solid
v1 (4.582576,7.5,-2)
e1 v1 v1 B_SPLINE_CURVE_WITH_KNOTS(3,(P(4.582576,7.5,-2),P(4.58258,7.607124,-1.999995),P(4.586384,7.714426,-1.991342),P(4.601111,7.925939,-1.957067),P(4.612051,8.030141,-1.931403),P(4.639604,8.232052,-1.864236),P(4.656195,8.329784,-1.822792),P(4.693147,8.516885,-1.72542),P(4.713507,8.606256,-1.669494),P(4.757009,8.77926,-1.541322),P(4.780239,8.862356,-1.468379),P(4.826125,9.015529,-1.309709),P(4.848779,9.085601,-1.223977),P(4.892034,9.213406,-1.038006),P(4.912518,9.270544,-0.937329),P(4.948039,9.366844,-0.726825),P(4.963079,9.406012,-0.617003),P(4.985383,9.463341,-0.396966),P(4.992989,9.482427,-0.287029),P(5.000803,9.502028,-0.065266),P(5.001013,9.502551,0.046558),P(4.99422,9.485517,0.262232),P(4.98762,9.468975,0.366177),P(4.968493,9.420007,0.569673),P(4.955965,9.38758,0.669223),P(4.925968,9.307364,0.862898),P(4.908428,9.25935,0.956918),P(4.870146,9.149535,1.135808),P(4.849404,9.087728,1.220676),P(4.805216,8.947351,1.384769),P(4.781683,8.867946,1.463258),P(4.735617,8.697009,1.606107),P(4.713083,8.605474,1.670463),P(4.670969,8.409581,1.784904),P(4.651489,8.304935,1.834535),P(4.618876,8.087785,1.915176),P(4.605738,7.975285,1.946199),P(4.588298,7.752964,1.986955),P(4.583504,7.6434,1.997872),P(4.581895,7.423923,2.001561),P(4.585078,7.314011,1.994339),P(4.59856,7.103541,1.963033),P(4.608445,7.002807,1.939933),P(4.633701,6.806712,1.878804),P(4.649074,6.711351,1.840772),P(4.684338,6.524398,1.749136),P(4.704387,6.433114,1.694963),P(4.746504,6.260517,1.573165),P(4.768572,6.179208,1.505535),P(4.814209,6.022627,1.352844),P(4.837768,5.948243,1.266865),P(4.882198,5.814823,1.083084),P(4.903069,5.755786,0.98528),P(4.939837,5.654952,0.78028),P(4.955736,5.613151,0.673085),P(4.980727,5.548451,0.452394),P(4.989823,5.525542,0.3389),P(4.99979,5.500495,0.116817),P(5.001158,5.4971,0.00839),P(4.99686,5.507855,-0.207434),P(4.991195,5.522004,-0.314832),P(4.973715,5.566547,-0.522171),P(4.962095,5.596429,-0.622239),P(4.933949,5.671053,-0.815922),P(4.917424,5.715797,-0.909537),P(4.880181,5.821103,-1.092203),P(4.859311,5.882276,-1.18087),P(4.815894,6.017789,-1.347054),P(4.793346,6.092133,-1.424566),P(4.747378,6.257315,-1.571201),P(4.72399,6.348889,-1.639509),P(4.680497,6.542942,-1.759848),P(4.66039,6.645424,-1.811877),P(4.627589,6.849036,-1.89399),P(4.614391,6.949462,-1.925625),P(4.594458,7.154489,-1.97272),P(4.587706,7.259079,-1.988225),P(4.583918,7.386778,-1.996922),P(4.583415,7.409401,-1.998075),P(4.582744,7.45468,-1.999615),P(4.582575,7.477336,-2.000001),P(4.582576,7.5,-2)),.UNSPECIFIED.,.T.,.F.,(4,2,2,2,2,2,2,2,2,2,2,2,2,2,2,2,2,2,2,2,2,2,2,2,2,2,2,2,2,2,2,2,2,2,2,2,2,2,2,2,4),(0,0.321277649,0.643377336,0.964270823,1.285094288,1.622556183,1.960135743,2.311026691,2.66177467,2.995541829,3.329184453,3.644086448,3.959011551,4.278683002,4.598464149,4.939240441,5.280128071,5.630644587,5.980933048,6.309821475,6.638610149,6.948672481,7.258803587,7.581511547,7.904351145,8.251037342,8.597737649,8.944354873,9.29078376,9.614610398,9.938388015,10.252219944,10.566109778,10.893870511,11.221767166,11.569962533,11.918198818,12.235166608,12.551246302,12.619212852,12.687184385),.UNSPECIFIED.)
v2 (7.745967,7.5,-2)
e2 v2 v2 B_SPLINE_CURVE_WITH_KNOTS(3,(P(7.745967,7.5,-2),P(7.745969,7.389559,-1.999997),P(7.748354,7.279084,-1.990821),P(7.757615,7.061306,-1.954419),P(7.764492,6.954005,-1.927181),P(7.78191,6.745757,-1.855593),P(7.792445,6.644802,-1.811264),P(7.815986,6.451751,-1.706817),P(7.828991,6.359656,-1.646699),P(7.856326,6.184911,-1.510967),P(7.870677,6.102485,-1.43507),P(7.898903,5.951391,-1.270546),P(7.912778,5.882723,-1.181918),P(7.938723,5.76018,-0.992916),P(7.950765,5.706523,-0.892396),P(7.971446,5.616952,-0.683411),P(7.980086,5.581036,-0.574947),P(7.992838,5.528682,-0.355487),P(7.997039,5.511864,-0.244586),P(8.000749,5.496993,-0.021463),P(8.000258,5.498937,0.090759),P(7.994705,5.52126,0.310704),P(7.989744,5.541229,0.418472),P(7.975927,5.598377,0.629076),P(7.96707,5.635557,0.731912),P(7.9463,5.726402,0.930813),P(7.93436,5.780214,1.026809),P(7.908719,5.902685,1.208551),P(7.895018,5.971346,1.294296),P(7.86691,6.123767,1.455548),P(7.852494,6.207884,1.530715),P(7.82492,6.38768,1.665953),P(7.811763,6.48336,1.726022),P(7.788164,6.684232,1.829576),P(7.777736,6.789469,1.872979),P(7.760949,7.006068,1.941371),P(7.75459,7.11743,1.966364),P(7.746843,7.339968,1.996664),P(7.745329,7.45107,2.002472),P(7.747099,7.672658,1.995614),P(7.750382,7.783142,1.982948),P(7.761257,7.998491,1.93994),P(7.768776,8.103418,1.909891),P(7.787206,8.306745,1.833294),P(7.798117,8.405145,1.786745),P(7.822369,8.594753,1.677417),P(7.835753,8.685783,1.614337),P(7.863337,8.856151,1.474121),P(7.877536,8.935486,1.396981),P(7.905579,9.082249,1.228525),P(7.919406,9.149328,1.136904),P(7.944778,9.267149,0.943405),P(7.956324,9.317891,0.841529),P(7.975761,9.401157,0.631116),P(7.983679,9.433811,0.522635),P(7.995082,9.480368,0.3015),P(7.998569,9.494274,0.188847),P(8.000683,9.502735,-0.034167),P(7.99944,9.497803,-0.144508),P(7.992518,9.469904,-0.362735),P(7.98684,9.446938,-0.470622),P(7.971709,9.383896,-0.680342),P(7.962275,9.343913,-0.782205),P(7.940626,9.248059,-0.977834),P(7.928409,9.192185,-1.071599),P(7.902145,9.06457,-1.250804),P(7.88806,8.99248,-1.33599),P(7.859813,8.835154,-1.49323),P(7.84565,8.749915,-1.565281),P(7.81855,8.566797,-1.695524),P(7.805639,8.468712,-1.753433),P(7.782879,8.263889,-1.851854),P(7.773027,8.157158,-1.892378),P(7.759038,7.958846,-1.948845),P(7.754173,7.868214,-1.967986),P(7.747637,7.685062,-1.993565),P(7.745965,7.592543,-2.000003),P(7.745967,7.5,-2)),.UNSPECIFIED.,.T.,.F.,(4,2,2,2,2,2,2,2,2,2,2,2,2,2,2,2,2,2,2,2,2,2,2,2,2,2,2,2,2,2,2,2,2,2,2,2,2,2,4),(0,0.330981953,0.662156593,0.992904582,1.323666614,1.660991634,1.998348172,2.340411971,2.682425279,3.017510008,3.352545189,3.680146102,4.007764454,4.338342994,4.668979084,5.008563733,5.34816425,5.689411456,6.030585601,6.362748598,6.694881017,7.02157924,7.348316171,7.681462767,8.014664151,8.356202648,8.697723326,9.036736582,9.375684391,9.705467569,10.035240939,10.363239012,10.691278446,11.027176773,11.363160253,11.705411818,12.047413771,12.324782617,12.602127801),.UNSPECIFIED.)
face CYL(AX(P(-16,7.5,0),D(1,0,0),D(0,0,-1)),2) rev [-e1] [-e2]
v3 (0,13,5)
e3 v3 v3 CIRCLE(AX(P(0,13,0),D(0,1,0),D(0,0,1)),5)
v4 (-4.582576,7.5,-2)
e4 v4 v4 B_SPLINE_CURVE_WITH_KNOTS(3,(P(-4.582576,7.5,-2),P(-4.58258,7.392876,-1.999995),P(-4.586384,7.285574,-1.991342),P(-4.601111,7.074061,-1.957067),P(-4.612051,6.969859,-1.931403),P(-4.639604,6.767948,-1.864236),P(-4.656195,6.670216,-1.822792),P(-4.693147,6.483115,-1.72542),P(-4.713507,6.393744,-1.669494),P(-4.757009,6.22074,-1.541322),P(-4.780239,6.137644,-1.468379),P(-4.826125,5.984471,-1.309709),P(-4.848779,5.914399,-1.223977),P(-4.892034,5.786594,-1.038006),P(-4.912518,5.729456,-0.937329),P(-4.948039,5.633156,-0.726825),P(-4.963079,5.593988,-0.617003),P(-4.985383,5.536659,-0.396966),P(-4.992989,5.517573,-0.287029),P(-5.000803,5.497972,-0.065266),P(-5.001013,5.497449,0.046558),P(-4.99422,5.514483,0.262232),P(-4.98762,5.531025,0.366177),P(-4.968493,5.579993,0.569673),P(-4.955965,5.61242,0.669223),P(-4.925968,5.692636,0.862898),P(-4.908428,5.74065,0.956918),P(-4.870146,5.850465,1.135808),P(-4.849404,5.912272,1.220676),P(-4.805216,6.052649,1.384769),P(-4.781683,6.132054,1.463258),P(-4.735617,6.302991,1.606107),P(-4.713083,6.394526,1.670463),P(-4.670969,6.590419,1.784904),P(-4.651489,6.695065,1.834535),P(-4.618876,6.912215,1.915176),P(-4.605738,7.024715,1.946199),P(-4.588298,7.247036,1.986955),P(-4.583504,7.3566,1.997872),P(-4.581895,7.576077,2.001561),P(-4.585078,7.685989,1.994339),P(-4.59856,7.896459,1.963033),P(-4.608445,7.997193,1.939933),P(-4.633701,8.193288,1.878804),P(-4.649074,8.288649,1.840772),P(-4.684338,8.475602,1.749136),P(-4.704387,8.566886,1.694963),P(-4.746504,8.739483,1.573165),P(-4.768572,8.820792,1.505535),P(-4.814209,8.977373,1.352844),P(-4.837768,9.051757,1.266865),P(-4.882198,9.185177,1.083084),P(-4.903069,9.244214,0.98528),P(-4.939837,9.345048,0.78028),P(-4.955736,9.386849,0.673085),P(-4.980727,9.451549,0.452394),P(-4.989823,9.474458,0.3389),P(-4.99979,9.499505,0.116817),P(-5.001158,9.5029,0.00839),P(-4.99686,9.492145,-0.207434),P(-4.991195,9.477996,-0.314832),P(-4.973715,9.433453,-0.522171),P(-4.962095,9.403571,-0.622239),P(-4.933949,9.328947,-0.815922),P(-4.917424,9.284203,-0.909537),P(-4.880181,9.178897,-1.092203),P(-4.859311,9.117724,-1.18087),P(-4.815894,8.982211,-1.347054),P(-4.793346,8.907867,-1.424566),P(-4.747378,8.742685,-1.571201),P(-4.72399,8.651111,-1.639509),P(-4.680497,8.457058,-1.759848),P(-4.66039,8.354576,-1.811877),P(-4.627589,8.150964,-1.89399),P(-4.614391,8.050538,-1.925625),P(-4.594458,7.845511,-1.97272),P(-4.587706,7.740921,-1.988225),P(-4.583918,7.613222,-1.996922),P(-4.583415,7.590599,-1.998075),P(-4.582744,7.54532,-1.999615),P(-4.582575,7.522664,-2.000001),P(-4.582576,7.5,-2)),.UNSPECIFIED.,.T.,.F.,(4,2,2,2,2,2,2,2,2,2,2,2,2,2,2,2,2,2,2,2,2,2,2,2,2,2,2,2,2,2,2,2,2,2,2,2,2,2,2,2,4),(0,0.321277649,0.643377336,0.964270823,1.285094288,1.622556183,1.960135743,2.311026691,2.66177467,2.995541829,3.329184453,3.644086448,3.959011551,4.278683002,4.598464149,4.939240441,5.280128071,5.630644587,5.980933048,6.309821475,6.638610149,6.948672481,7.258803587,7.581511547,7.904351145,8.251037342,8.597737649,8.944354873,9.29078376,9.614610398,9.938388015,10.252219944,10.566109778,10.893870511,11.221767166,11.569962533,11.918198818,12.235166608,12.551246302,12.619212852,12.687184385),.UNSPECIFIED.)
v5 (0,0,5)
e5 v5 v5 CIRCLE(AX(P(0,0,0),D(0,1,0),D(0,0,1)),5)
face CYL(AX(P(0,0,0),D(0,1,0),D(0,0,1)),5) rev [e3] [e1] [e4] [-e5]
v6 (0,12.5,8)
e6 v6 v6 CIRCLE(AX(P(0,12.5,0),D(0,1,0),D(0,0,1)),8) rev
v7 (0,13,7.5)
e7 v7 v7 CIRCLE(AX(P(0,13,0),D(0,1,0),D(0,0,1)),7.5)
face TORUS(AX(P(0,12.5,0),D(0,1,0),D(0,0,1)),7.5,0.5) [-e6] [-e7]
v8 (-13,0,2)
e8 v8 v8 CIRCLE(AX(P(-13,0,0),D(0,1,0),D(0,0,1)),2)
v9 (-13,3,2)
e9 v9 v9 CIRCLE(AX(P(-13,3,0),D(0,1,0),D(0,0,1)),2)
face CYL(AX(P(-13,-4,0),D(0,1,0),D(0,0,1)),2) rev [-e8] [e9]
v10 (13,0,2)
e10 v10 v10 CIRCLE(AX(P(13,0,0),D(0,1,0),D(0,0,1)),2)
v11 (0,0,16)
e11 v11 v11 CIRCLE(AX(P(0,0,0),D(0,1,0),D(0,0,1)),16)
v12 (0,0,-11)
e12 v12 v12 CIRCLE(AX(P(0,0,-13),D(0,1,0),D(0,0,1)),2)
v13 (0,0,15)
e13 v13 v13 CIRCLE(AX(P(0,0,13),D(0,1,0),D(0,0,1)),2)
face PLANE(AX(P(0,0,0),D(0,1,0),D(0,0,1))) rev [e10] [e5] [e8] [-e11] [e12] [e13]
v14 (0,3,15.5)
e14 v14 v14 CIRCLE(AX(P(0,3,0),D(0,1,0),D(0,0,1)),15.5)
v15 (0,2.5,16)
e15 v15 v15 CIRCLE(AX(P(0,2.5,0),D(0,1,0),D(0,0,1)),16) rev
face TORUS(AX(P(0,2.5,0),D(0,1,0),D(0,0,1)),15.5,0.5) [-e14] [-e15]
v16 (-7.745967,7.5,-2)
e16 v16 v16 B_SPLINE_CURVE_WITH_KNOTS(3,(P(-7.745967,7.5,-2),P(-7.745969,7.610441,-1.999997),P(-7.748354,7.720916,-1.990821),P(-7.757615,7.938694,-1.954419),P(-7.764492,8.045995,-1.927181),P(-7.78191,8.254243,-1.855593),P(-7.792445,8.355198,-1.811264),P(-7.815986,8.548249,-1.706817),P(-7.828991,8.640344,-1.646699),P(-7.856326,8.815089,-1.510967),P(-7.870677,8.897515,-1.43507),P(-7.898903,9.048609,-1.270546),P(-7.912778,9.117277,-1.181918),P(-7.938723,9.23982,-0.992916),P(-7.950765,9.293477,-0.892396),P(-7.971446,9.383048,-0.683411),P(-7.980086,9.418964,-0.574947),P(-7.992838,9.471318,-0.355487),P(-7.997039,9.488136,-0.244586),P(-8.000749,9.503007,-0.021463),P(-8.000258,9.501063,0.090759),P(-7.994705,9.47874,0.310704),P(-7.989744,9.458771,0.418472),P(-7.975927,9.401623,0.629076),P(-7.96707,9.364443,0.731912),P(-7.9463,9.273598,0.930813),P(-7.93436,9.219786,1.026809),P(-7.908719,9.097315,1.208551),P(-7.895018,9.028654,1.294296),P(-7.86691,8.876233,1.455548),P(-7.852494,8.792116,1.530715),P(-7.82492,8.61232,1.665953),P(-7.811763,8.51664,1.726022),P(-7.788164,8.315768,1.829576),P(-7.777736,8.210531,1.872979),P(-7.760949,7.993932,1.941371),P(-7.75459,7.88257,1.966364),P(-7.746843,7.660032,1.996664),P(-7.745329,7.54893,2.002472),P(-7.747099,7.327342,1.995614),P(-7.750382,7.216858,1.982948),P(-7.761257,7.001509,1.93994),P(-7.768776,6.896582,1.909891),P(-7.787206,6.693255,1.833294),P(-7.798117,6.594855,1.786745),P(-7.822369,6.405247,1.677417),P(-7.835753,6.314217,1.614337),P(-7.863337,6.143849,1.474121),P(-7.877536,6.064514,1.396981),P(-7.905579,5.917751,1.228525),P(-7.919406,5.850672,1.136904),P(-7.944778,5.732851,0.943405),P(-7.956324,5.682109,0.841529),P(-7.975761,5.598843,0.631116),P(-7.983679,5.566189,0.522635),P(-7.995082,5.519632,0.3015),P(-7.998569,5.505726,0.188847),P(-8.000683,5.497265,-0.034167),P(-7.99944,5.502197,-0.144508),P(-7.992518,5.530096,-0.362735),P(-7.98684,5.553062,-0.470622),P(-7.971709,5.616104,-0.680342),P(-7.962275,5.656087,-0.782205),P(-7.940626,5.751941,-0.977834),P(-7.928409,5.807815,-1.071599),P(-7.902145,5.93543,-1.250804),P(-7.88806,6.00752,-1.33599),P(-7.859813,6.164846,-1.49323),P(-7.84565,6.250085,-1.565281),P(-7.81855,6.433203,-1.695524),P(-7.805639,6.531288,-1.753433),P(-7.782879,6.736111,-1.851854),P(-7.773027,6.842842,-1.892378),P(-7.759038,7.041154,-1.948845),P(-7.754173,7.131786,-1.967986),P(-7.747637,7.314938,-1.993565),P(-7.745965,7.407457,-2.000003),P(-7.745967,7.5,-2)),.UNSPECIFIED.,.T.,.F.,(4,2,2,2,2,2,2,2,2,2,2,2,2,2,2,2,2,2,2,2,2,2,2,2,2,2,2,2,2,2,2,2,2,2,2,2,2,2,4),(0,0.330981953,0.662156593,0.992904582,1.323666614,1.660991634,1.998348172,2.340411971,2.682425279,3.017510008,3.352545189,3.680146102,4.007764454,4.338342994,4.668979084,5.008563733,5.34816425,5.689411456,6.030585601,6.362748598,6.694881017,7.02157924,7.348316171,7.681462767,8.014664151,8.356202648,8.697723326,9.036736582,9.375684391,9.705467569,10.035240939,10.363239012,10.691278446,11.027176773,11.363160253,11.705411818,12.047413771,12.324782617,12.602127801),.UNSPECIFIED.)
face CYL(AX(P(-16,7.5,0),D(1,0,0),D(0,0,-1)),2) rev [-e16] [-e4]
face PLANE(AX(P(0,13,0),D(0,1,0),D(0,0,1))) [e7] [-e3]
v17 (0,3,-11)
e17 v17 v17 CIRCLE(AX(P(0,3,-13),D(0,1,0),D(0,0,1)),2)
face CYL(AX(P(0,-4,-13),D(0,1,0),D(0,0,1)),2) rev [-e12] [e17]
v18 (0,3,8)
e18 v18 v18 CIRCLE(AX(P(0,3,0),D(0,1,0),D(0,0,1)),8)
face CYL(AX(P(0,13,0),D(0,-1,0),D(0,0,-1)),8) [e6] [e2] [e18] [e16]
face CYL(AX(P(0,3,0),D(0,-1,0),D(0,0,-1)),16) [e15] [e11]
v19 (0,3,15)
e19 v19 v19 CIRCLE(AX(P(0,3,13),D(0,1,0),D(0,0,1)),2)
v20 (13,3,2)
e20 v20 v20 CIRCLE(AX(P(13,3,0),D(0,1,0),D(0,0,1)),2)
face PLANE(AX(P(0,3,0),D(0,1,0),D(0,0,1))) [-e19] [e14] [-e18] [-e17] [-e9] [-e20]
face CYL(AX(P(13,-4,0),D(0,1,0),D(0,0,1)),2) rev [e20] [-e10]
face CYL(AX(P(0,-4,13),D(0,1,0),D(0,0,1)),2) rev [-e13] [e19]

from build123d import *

# Parameters (mm, degrees)
SKETCH_1_R               = 16
EXTRUDE_1_DEPTH          = 3
SKETCH_2_R               = 8
EXTRUDE_2_DEPTH          = 10
SKETCH_3_R               = 5
CUT_EXTRUDE_1_DEPTH      = 27.095976701
SKETCH_4_R               = 2
CUT_EXTRUDE_2_DEPTH      = 7
CUT_EXTRUDE_3_DEPTH      = 27.095976701
CUT_EXTRUDE_3_DEPTH_BACK = 27.095976701
SKETCH_5_R               = 2
FILLET_1_R               = 0.5
FILLET_2_R               = 0.5


with BuildPart() as part:
    # 草图1 → 凸台-拉伸1 (new body)
    with BuildSketch(Plane(origin=(0, 0, 0), x_dir=(1, 0, 0), z_dir=(0, 1, 0))):
        with Locations(Location((0, 0, 0), (0, 0, 270))):
            Circle(SKETCH_1_R)
    extrude(amount=EXTRUDE_1_DEPTH)

    # 草图2 → 凸台-拉伸2 (add)
    with BuildSketch(Plane(origin=(0, 3, 0), x_dir=(1, 0, 0), z_dir=(0, 1, 0))):
        with Locations(Location((0, 0, 0), (0, 0, 270))):
            Circle(SKETCH_2_R)
    extrude(amount=EXTRUDE_2_DEPTH)

    # 草图3 → 切除-拉伸1 (cut, through all)
    with BuildSketch(Plane(origin=(0, 13, 0), x_dir=(1, 0, 0), z_dir=(0, 1, 0))):
        with Locations(Location((0, 0, 0), (0, 0, 270))):
            Circle(SKETCH_3_R)
    extrude(amount=-CUT_EXTRUDE_1_DEPTH, mode=Mode.SUBTRACT)

    # 草图4 → 切除-拉伸2 (cut)
    with BuildSketch(Plane(origin=(0, 3, 0), x_dir=(1, 0, 0), z_dir=(0, 1, 0))):
        with Locations(Location((0, 13, 0), (0, 0, 270))):
            Circle(SKETCH_4_R)
        with Locations(Location((-13, 0, 0), (0, 0, 270))):
            Circle(SKETCH_4_R)
        with Locations(Location((0, -13, 0), (0, 0, 270))):
            Circle(SKETCH_4_R)
        with Locations(Location((13, 0, 0), (0, 0, 270))):
            Circle(SKETCH_4_R)
    extrude(amount=-CUT_EXTRUDE_2_DEPTH, mode=Mode.SUBTRACT)

    # 草图5 → 切除-拉伸3 (cut, two sides: drawn at the far end of the back side and taken through both)
    with BuildSketch(Plane(origin=(0, 0, 0), x_dir=(0, 0, -1), z_dir=(1, 0, 0)).offset(-CUT_EXTRUDE_3_DEPTH_BACK)):
        with Locations((0, 7.5)):
            Circle(SKETCH_5_R)
    extrude(amount=CUT_EXTRUDE_3_DEPTH + CUT_EXTRUDE_3_DEPTH_BACK, mode=Mode.SUBTRACT)

    # 圆角1
    fillet_1_edges = [part.edges().sort_by_distance(p)[0] for p in [
        (0, 3, -16),
    ]]
    fillet(fillet_1_edges, radius=FILLET_1_R)

    # 圆角2
    fillet_2_edges = [part.edges().sort_by_distance(p)[0] for p in [
        (0, 13, -8),
    ]]
    fillet(fillet_2_edges, radius=FILLET_2_R)


solid = part.part
